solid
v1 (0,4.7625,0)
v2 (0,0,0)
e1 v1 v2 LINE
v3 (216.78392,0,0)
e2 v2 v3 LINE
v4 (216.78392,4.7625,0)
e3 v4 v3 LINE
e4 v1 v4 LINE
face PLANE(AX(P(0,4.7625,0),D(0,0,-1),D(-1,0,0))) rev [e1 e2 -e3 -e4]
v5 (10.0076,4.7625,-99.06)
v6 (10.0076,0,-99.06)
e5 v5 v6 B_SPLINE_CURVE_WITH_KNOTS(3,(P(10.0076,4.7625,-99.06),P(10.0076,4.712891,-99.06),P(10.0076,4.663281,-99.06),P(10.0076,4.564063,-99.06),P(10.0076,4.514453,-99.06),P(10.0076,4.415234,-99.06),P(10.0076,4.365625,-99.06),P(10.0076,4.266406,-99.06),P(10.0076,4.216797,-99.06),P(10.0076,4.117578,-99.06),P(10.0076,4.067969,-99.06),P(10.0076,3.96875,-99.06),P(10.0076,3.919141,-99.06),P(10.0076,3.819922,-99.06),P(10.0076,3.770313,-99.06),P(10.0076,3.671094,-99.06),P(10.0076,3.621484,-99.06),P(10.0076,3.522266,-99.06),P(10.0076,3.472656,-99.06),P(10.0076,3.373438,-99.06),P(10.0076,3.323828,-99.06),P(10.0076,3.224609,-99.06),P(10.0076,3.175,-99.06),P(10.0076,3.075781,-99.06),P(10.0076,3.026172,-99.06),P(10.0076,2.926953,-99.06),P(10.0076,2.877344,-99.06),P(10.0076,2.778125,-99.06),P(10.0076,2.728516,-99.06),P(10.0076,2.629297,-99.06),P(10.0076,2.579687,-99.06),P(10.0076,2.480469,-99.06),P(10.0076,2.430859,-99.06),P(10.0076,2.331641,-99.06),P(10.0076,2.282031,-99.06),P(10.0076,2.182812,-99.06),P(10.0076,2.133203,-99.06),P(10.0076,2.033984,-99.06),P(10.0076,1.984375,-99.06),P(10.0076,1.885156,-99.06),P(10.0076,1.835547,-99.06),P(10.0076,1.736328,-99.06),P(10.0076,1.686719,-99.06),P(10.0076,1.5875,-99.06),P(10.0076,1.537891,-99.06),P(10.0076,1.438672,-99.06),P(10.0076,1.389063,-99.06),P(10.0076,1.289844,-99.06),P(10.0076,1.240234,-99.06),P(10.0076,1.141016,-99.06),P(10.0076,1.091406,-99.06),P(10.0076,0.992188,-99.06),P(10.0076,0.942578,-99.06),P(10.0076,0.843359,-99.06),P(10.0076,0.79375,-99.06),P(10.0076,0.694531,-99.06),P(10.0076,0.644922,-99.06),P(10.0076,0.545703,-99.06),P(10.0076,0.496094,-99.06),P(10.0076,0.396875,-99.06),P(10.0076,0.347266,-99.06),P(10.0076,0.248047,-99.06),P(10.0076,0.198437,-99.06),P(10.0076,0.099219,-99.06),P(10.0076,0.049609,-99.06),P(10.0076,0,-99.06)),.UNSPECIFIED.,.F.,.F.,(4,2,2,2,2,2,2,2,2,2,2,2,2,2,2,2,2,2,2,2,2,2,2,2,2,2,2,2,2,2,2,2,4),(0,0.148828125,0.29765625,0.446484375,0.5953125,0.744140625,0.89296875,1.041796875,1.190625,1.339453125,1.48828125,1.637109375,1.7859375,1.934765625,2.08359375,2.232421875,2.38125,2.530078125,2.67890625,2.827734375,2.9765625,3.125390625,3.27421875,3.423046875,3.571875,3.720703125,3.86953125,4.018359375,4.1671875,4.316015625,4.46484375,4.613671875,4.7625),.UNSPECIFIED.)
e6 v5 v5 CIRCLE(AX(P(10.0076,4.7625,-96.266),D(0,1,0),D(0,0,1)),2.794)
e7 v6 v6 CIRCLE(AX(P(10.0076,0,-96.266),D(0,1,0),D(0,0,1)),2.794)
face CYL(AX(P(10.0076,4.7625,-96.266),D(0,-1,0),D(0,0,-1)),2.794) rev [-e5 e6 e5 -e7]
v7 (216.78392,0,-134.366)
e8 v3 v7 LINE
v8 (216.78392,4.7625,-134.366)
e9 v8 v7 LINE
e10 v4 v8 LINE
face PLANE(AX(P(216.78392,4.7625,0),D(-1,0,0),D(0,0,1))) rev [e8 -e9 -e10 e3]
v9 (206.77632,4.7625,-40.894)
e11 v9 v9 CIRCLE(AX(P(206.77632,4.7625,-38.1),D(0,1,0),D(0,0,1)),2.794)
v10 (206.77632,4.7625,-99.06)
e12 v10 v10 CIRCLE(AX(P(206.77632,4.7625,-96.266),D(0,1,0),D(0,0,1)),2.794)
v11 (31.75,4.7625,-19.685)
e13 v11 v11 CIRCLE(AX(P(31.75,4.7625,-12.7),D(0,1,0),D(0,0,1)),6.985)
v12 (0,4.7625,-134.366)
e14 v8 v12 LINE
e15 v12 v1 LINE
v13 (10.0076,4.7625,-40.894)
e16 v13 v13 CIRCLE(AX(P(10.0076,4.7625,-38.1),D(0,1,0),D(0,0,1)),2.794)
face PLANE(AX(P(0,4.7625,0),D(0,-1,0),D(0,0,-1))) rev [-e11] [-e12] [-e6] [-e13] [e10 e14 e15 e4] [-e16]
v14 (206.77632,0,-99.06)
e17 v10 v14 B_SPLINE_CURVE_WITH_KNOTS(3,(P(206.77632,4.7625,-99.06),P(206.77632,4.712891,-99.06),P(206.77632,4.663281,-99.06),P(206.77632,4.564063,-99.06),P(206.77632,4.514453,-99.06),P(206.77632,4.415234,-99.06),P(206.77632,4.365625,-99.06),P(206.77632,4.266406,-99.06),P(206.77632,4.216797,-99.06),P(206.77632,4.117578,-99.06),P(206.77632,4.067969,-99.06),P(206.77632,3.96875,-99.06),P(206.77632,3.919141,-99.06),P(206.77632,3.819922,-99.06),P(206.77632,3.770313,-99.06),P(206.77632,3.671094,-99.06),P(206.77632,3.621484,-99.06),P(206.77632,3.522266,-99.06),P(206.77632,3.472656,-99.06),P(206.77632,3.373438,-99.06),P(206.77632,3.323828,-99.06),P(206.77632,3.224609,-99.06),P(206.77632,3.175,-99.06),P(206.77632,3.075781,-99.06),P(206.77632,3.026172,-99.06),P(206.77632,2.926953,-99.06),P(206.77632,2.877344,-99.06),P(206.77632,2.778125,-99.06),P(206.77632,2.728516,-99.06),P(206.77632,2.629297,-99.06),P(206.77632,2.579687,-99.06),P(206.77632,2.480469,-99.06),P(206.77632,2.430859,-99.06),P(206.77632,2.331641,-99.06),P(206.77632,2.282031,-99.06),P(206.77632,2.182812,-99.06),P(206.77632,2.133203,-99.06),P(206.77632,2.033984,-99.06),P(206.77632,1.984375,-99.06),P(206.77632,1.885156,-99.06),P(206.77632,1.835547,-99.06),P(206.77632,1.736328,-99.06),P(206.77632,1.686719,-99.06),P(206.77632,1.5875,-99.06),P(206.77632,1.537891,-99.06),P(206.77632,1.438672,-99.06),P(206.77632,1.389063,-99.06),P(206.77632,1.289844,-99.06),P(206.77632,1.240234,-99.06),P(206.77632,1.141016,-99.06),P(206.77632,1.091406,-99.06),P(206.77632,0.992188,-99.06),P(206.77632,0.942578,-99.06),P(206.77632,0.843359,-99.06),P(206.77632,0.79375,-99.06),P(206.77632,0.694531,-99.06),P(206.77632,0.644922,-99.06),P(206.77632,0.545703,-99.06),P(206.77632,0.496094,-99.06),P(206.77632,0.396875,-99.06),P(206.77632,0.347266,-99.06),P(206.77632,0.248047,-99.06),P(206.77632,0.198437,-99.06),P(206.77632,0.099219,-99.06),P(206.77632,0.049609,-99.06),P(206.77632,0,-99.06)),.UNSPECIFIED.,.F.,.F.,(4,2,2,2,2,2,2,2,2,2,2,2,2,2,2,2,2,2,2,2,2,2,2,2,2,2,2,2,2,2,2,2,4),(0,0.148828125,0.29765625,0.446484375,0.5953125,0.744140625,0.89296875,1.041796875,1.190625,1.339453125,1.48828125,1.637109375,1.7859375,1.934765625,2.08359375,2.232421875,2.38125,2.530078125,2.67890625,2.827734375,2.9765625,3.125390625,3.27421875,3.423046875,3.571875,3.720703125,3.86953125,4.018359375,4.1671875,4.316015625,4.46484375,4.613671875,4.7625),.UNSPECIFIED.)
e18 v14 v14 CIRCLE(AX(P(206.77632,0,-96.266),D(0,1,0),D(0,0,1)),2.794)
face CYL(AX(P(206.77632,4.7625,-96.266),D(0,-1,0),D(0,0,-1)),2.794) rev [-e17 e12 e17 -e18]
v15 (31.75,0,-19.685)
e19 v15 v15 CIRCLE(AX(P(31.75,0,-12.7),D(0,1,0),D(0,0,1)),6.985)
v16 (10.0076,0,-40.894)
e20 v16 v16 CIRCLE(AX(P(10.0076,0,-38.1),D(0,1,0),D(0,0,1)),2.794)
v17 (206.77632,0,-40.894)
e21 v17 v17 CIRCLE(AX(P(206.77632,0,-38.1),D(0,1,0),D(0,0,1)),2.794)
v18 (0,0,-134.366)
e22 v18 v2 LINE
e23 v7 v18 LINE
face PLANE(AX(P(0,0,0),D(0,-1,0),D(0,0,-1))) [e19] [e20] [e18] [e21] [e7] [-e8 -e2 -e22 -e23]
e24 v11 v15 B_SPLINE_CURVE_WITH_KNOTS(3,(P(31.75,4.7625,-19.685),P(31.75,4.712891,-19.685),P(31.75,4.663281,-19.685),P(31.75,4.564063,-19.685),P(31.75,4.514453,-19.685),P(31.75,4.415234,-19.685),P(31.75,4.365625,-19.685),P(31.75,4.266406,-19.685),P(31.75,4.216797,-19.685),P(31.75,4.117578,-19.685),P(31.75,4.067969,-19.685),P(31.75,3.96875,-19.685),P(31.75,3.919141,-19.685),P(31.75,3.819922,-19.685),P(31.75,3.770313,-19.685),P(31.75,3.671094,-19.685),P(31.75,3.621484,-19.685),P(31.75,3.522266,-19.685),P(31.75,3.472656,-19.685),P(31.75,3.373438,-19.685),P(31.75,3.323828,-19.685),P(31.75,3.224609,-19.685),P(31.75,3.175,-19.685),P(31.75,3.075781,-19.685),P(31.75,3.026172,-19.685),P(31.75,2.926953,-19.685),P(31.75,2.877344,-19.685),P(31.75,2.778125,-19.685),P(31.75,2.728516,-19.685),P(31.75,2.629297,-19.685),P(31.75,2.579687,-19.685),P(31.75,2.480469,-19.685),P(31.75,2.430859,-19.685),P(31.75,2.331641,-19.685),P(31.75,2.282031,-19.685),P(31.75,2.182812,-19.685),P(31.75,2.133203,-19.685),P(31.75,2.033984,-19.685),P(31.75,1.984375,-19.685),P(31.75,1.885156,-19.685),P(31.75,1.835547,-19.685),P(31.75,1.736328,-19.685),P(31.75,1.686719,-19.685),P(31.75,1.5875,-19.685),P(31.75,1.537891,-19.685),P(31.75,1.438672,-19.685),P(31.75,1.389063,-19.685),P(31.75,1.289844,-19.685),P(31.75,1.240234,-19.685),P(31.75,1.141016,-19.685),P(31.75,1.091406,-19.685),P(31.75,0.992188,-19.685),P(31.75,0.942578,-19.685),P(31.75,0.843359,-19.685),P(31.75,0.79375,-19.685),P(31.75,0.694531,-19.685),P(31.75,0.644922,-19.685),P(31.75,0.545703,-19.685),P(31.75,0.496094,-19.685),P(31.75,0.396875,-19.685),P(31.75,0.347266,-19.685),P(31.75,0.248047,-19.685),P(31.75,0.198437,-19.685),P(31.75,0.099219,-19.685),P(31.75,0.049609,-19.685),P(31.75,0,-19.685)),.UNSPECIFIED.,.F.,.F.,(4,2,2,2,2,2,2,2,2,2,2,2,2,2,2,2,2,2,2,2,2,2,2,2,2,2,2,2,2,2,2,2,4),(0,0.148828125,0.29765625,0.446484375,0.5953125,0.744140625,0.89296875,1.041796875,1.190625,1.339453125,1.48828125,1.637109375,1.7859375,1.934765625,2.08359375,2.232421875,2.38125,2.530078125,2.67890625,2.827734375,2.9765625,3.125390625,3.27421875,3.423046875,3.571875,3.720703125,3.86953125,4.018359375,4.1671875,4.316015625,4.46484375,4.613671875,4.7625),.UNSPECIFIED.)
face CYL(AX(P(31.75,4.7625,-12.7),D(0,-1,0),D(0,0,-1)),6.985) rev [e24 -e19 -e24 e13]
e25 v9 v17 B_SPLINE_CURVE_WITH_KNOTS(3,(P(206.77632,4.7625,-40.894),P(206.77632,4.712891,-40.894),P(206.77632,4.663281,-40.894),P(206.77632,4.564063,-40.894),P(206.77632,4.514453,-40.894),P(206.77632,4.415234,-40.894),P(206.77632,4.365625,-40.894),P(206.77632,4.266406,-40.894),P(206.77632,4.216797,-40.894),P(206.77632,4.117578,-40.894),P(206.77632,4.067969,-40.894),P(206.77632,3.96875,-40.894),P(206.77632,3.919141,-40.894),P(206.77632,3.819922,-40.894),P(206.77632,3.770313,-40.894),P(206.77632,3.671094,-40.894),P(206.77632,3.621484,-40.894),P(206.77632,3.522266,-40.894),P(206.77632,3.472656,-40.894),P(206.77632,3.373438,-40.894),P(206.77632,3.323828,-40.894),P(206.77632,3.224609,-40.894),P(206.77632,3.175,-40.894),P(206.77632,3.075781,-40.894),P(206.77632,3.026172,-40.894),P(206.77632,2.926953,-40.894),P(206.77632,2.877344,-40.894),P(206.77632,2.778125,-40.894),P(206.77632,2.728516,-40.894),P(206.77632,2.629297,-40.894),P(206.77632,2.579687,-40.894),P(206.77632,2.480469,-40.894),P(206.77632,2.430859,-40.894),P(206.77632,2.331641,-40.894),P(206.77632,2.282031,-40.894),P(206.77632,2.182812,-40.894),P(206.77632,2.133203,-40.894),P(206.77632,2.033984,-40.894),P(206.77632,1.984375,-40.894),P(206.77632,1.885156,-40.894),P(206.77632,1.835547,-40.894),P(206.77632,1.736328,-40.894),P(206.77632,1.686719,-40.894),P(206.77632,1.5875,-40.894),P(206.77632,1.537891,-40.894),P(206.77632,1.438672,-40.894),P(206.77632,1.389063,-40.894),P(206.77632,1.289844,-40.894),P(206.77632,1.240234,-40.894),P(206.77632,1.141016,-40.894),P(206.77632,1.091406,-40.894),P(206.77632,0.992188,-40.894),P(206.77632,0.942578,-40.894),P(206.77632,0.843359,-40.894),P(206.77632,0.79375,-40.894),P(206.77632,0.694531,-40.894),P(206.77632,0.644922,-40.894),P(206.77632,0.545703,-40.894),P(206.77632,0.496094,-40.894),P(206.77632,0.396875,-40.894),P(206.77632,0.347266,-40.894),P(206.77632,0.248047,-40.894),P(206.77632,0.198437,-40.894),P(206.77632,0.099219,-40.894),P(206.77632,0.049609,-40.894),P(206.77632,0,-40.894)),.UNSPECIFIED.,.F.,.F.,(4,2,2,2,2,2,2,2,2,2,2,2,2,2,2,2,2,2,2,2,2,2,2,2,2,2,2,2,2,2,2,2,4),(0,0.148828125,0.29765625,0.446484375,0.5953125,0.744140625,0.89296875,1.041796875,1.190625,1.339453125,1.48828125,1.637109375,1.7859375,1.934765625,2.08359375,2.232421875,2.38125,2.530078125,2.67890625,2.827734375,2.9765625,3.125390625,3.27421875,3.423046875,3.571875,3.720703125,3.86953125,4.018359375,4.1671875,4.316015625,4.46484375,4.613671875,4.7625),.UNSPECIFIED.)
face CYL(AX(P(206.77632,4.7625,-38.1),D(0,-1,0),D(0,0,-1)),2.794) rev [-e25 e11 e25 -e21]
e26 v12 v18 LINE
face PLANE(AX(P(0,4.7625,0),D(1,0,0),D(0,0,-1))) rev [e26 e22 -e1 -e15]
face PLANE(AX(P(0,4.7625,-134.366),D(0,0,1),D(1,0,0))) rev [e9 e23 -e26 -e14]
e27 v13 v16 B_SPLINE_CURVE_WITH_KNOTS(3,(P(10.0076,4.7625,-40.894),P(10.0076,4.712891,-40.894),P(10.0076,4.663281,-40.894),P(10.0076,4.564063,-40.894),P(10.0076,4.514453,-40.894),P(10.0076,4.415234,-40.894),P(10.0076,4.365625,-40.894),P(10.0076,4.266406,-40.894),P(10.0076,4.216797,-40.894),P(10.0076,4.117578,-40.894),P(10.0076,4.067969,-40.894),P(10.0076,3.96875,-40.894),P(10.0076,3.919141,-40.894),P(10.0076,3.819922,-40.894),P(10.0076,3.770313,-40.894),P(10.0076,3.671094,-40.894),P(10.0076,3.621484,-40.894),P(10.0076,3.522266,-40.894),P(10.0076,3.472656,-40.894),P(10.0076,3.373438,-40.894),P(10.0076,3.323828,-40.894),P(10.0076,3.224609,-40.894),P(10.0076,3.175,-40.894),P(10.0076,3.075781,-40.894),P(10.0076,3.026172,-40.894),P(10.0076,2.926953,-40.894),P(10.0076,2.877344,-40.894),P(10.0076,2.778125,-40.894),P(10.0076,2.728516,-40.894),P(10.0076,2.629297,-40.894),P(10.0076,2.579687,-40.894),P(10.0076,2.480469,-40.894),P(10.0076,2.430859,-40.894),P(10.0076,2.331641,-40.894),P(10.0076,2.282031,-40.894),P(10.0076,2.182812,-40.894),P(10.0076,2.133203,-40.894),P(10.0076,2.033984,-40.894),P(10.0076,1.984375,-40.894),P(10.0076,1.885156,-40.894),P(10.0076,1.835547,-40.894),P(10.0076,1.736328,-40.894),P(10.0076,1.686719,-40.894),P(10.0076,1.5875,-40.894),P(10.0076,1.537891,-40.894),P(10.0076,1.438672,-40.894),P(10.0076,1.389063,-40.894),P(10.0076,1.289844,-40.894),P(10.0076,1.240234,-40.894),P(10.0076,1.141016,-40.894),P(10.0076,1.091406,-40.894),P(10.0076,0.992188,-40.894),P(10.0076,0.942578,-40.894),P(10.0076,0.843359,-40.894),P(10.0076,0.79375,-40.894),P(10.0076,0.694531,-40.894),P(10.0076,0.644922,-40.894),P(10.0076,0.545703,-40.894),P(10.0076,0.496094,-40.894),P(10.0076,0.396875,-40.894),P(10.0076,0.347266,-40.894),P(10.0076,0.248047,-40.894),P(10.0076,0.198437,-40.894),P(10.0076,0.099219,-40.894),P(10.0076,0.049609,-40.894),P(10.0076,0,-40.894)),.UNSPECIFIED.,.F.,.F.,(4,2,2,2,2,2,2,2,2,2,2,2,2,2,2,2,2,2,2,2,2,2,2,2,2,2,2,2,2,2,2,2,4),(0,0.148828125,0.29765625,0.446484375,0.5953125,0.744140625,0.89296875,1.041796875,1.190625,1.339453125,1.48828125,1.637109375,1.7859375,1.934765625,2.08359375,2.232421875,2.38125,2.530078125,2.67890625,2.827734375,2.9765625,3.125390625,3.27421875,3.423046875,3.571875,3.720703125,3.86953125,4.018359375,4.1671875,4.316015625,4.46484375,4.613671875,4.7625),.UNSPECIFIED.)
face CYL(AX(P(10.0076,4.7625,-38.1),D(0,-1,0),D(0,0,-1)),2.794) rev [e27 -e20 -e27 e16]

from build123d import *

# Parameters (mm, degrees)
SKETCH1_W           = 216.78392
SKETCH1_H           = 134.366
SKETCH1_R           = 6.985
SKETCH1_R_2         = 2.794
BOSS_EXTRUDE1_DEPTH = 4.7625


with BuildPart() as part:
    # Sketch1 → Boss-Extrude1 (new body)
    with BuildSketch(Plane(origin=(0, 0, 0), x_dir=(1, 0, 0), z_dir=(0, 1, 0))):
        with Locations((108.39196, 67.183)):
            Rectangle(SKETCH1_W, SKETCH1_H)
        with Locations(Location((31.75, 12.7, 0), (0, 0, 90))):
            Circle(SKETCH1_R, mode=Mode.SUBTRACT)
        with Locations(Location((10.0076, 96.266, 0), (0, 0, 90))):
            Circle(SKETCH1_R_2, mode=Mode.SUBTRACT)
        with Locations(Location((10.0076, 38.1, 0), (0, 0, 90))):
            Circle(SKETCH1_R_2, mode=Mode.SUBTRACT)
        with Locations(Location((206.77632, 96.266, 0), (0, 0, 90))):
            Circle(SKETCH1_R_2, mode=Mode.SUBTRACT)
        with Locations(Location((206.77632, 38.1, 0), (0, 0, 90))):
            Circle(SKETCH1_R_2, mode=Mode.SUBTRACT)
    extrude(amount=BOSS_EXTRUDE1_DEPTH)


solid = part.part
